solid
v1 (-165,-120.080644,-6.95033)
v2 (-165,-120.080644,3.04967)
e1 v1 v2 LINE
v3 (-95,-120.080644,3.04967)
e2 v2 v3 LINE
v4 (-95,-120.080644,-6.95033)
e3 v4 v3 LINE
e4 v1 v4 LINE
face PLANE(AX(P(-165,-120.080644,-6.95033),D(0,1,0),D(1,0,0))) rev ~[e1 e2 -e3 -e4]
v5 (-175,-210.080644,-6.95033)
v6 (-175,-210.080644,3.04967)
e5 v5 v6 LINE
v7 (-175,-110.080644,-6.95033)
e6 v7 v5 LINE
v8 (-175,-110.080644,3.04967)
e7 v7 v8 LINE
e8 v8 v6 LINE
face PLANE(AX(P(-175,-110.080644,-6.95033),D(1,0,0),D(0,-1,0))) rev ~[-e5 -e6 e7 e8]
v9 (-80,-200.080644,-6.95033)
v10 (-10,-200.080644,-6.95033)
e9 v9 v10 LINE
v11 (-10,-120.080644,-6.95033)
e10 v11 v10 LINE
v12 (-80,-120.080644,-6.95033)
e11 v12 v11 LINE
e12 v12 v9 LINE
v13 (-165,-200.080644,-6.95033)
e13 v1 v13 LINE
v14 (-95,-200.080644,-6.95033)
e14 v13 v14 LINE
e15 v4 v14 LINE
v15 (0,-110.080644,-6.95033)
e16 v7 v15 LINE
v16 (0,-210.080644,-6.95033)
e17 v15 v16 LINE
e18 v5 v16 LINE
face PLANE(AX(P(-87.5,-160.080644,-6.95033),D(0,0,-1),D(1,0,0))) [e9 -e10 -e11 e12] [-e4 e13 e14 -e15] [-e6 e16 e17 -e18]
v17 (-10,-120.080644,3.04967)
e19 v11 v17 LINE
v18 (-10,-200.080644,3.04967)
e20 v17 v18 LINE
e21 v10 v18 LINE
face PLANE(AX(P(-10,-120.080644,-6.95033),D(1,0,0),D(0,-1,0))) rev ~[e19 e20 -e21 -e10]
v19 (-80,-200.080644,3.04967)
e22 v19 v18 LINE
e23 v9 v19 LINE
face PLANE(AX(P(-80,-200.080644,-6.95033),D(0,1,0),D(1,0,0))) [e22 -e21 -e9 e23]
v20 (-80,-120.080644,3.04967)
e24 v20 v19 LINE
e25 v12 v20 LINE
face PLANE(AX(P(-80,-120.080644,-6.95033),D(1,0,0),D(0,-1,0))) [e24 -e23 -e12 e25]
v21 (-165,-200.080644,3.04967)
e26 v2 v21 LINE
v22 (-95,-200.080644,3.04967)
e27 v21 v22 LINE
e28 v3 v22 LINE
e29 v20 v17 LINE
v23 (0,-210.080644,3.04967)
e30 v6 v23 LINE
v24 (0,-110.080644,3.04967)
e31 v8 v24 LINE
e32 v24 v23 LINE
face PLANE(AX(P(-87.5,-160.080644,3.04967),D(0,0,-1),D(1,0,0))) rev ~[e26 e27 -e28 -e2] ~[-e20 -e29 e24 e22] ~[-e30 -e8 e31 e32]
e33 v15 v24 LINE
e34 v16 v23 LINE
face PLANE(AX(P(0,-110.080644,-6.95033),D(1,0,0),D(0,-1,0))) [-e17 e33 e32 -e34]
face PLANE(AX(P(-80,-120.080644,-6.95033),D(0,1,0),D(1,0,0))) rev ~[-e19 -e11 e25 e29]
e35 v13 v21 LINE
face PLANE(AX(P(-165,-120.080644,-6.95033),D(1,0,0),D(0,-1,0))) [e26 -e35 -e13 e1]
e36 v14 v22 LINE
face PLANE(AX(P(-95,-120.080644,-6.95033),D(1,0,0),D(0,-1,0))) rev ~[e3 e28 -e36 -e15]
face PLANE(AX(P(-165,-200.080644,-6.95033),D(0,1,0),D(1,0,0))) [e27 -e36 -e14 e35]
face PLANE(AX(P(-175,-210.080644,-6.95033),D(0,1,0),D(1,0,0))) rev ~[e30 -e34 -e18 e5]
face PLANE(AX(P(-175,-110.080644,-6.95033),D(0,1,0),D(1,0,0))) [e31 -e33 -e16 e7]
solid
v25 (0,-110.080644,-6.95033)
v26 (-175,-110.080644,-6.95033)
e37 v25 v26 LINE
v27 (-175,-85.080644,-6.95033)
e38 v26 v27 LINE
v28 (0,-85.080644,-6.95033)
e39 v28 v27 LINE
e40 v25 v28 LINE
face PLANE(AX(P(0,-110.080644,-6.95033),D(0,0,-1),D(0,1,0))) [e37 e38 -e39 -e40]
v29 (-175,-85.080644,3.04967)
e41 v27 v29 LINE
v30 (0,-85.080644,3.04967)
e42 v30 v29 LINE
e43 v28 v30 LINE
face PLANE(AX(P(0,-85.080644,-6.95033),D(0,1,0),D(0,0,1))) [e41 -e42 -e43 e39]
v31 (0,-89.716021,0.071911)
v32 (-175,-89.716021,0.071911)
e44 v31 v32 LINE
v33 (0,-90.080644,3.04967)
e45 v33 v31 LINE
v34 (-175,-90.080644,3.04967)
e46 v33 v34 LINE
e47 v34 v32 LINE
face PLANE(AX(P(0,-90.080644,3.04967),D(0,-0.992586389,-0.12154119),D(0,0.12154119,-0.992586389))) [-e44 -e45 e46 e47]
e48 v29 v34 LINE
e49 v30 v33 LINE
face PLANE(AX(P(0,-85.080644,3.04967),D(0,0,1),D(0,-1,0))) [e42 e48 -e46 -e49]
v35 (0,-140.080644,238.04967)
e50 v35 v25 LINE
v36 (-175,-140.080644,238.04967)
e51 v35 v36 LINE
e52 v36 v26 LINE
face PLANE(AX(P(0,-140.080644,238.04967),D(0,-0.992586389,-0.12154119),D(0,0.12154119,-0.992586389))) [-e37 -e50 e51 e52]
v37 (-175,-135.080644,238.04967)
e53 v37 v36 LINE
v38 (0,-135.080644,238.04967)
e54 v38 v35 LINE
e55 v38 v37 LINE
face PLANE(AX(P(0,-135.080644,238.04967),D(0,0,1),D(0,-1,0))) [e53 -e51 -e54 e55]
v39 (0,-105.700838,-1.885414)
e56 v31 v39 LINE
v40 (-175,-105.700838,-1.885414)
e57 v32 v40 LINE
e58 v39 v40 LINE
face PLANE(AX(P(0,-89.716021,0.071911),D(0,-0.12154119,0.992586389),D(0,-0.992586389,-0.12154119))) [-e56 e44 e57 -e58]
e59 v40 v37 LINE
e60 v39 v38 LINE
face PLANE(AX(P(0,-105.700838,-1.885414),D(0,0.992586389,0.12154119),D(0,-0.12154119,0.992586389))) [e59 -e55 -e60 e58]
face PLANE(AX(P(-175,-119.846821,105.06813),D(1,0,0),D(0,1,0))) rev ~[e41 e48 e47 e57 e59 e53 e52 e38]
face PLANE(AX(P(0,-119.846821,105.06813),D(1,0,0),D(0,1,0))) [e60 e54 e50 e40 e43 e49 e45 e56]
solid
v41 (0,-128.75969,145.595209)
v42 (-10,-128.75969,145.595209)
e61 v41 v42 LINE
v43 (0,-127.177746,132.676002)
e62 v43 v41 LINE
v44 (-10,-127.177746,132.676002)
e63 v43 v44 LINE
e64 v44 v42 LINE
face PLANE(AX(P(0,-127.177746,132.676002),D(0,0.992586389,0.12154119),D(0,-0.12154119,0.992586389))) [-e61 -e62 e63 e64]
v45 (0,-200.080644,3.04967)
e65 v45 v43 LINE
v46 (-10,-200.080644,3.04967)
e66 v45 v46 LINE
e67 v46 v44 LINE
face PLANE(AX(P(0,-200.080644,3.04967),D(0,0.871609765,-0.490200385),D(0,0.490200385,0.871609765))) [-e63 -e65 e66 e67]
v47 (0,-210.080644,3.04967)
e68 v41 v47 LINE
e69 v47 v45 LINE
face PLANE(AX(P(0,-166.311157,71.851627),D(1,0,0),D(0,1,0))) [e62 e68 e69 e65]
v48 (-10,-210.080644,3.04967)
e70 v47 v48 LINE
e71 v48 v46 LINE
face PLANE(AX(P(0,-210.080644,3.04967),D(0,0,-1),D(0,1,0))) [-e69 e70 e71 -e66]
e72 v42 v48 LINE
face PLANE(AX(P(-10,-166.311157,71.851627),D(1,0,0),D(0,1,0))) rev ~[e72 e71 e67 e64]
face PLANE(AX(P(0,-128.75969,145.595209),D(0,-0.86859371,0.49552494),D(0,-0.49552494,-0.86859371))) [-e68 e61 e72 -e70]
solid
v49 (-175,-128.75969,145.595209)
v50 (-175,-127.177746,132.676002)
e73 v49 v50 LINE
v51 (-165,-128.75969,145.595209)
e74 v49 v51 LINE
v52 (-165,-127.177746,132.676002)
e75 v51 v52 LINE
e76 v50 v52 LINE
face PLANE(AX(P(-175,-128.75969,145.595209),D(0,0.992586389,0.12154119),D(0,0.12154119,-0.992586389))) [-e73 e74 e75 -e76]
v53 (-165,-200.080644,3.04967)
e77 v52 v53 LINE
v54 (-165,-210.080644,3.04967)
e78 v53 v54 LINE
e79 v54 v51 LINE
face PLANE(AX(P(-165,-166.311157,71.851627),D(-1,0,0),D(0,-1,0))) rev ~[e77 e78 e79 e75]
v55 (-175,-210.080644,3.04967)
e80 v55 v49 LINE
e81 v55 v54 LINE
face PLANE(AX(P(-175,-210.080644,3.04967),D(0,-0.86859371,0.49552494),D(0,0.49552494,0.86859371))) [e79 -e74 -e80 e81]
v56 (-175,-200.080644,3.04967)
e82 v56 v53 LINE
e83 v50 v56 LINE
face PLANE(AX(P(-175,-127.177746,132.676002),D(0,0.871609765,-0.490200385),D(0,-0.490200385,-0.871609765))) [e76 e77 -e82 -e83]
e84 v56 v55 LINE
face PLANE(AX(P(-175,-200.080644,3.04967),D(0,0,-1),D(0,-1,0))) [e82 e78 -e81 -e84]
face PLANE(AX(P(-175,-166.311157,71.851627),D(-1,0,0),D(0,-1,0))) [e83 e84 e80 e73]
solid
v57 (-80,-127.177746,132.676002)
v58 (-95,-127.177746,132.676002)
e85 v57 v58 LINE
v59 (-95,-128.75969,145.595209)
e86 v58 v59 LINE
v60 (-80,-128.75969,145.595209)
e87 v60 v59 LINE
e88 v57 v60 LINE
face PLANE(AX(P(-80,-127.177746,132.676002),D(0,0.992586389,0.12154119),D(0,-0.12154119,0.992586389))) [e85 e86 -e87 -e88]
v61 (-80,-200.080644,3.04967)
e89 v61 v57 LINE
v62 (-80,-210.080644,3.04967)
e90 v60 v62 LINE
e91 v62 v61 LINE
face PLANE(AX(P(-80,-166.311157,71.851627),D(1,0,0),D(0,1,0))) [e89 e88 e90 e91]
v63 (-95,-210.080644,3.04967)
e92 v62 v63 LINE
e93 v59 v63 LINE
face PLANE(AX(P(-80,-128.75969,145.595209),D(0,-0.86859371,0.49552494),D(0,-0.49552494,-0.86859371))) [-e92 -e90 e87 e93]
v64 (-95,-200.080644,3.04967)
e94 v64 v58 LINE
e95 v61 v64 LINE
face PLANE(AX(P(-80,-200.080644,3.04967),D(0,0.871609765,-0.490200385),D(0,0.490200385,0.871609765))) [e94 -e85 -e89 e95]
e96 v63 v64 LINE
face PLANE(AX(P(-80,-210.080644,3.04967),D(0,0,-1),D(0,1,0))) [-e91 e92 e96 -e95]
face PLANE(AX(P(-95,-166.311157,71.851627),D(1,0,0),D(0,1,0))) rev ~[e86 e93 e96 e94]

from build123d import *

# Parameters (mm, degrees)
F1_DEPTH = 175
F2_W     = 175
F2_H     = 100
F2_W_2   = 70
F2_H_2   = 80
F3_DEPTH = 10
F5_DEPTH = 10
F7_DEPTH = 10
F9_DEPTH = 15


with BuildPart() as f1:
    # F0 (on Right) → F1 (new body)
    with BuildSketch(Plane.YZ):
        Polygon((-140.0806444883, 238.0496698797), (-110.0806444883, -6.9503301203), (-85.0806444883, -6.9503301203), (-85.0806444883, 3.0496698797), (-90.0806444883, 3.0496698797), (-89.716020917, 0.0719107136), (-105.7008383154, -1.8854138658), (-135.0806444883, 238.0496698797), align=None)
    extrude(amount=-F1_DEPTH)


with BuildPart() as f3:
    # F2 (on face) → F3 (new body)
    with BuildSketch(Plane(origin=(0, 0, -6.9503301203), x_dir=(1, 0, 0), z_dir=(0, 0, -1))):
        with Locations((-87.5, 160.0806444883)):
            Rectangle(F2_W, F2_H)
        with Locations((-130, 160.0806444883)):
            Rectangle(F2_W_2, F2_H_2, mode=Mode.SUBTRACT)
        with Locations((-45, 160.0806444883)):
            Rectangle(F2_W_2, F2_H_2, mode=Mode.SUBTRACT)
    extrude(amount=-F3_DEPTH)


with BuildPart() as f5:
    # F4 (on face) → F5 (new body)
    with BuildSketch(Plane(origin=(-175, 0, 0), x_dir=(0, -1, 0), z_dir=(-1, 0, 0))):
        Polygon((210.0806444883, 3.0496698797), (128.7596900546, 145.5952086706), (127.177746364, 132.676001864), (200.0806444883, 3.0496698797), align=None)
    extrude(amount=-F5_DEPTH)


with BuildPart() as f7:
    # F6 (on face) → F7 (new body)
    with BuildSketch(Plane.YZ):
        Polygon((-200.0806444883, 3.0496698797), (-127.177746364, 132.676001864), (-128.7596900546, 145.5952086706), (-210.0806444883, 3.0496698797), align=None)
    extrude(amount=-F7_DEPTH)


with BuildPart() as f9:
    # F8 (on face) → F9 (new body, through all)
    with BuildSketch(Plane.YZ.offset(-80)):
        Polygon((-200.0806444883, 3.0496698797), (-127.177746364, 132.676001864), (-128.7596900546, 145.5952086706), (-210.0806444883, 3.0496698797), align=None)
    extrude(amount=-F9_DEPTH)


solid = Compound([f1.part, f3.part, f5.part, f7.part, f9.part])
